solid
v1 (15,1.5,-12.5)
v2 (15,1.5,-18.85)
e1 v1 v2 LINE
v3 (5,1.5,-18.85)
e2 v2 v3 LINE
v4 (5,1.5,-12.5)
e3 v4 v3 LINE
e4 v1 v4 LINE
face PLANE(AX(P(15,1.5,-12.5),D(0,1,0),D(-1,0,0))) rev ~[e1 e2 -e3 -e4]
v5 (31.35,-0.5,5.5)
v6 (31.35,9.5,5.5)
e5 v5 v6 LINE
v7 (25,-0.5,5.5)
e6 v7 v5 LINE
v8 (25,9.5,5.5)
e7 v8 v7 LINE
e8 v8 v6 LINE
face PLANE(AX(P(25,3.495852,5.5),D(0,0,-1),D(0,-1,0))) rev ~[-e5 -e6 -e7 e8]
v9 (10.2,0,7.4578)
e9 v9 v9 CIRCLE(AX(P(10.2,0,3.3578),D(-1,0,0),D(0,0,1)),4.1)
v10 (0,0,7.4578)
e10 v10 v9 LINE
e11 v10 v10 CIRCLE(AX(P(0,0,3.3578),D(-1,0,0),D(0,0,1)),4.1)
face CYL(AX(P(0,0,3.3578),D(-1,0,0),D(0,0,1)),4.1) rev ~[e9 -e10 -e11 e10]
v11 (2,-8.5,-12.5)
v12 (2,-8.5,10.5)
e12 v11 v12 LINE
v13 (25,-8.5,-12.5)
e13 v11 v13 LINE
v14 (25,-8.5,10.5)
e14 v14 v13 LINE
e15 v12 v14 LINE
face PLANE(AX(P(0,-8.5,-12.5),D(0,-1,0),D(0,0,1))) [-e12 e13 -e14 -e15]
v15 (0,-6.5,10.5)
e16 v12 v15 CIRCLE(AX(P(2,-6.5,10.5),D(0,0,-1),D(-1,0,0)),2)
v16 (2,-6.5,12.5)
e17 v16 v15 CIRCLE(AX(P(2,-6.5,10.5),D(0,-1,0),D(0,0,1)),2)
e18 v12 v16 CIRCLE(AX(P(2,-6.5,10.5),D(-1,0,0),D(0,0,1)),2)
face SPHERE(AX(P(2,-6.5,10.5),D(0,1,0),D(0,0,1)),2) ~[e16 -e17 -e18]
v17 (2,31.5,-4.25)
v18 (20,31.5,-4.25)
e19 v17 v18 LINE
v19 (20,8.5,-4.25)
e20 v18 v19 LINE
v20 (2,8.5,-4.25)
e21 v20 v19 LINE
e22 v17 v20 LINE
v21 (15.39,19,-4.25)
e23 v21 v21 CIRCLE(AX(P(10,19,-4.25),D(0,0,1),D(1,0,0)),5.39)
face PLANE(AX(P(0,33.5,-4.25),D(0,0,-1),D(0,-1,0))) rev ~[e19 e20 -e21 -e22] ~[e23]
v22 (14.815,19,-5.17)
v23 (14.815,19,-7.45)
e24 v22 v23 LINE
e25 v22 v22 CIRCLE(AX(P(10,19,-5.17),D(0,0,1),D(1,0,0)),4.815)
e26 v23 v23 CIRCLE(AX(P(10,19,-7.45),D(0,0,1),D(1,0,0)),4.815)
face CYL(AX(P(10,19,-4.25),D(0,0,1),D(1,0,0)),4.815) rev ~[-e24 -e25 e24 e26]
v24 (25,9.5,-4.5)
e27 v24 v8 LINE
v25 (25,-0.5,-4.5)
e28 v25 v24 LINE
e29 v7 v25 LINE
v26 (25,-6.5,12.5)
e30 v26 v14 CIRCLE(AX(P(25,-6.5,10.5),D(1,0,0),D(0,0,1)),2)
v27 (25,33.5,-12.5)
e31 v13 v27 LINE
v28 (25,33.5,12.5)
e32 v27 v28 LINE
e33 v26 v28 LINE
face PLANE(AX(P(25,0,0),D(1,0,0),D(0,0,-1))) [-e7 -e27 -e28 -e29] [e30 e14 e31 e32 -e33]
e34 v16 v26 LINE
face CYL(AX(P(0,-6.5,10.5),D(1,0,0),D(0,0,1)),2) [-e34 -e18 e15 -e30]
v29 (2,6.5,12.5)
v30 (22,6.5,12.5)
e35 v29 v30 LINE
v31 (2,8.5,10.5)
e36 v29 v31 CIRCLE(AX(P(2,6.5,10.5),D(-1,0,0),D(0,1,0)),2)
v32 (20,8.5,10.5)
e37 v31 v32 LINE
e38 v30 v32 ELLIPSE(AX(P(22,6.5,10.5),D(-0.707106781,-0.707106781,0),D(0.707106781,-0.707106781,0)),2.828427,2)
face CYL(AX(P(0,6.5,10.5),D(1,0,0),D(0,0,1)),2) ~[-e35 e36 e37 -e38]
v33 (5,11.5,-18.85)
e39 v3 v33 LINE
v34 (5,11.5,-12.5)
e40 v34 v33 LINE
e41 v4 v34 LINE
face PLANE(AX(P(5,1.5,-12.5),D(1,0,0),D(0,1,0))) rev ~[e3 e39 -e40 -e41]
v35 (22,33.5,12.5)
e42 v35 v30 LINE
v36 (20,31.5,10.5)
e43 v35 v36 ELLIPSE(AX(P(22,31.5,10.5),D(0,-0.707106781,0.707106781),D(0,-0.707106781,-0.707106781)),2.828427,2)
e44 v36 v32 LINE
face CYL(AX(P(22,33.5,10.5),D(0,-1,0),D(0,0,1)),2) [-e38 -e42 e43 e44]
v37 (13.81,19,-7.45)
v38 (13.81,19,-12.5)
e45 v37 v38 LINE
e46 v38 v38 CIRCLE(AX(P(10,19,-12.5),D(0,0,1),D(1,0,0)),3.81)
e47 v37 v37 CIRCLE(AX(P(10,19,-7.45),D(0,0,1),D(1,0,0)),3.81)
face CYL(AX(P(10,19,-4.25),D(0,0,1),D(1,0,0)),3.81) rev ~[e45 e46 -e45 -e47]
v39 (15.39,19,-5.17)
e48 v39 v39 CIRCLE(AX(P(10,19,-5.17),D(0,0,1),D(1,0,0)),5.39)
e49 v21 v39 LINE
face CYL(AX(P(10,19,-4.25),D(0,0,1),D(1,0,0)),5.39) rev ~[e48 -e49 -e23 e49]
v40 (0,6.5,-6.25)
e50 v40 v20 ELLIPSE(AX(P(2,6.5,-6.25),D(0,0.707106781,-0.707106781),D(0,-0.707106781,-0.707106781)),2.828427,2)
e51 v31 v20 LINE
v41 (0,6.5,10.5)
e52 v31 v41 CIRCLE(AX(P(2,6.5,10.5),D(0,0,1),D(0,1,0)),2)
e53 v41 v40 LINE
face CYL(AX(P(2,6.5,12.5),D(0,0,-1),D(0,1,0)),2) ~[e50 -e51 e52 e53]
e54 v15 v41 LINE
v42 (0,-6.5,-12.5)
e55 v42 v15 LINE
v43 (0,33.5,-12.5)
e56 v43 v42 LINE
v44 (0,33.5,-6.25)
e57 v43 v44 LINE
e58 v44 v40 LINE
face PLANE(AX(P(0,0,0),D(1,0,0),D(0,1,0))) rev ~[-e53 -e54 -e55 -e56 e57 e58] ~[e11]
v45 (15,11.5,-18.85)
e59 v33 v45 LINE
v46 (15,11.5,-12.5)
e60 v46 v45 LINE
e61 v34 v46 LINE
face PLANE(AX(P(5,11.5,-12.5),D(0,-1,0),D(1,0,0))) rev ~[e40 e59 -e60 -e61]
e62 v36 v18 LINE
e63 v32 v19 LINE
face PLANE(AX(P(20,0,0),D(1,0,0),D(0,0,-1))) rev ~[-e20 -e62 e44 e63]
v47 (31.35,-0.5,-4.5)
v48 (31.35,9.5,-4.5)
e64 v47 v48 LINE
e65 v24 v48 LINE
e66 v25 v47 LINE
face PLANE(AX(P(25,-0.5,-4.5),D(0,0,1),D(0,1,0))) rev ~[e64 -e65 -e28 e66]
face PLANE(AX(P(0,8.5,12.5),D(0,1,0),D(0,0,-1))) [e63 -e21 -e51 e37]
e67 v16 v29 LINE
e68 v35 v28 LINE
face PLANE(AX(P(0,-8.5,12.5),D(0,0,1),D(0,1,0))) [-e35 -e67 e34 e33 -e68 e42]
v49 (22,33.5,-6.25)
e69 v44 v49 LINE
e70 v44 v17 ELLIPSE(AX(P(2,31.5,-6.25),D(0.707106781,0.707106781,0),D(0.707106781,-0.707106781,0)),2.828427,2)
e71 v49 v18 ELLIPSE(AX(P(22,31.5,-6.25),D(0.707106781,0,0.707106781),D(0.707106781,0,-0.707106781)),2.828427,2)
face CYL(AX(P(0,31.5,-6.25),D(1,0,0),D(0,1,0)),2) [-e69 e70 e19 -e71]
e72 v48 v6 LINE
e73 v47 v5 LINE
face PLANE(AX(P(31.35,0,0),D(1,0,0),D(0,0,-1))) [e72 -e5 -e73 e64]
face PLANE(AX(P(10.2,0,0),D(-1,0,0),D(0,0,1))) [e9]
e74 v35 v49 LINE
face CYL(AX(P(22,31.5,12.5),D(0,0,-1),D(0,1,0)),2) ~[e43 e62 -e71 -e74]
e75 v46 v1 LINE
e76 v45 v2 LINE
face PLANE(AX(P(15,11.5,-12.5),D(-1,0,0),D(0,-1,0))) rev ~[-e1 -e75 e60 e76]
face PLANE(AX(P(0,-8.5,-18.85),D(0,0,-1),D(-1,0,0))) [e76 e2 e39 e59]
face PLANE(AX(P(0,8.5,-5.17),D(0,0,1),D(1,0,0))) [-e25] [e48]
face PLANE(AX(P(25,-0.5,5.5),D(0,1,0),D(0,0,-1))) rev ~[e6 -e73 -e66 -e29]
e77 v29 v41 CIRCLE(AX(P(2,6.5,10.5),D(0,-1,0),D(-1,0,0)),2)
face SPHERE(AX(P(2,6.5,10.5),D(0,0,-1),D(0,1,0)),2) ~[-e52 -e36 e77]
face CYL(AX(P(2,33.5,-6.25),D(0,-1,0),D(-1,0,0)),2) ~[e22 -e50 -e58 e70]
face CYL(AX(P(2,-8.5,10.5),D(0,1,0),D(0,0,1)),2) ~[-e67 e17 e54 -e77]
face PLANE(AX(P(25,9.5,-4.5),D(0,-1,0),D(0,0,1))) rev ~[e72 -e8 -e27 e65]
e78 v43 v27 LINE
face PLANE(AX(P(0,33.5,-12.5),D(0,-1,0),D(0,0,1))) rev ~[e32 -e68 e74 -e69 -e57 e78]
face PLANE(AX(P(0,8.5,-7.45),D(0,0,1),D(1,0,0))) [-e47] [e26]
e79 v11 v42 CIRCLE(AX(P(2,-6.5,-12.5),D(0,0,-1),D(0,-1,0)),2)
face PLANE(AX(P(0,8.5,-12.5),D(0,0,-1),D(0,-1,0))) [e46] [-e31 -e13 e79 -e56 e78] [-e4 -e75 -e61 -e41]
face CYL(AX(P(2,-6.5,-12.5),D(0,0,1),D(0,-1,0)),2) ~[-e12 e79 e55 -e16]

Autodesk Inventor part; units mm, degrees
ref_plane "YZ Plane" through (0, 0, 0) normal (1, 0, 0) x (0, 1, 0)
ref_plane "XZ Plane" through (0, 0, 0) normal (0, 1, 0) x (-1, 0, 0)
ref_plane "XY Plane" through (0, 0, 0) normal (0, 0, 1) x (1, 0, 0)
sketch "Sketch1" plane through (0, 0, 0) normal (1, 0, 0) x (0, 1, 0)
  line L0 (-8.5, 12.5) -> (8.5, 12.5)
  line L1 (8.5, 12.5) -> (8.5, -12.5)
  line L2 (8.5, -12.5) -> (-8.5, -12.5)
  line L3 (-8.5, -12.5) -> (-8.5, 12.5)
  line L4 (-8.5, 12.5) -> (8.5, -12.5) construction
  line L5 (8.5, 12.5) -> (-8.5, -12.5) construction
  line L6 (8.5, -12.5) -> (33.5, -12.5)
  line L7 (8.5, -12.5) -> (33.5, -12.5) construction
  line L8 (33.5, -12.5) -> (33.5, -4.25)
  line L9 (33.5, -4.25) -> (8.5, -4.25)
  line L10 (33.5, -4.25) -> (58.5, -4.25) construction
  point P0 (0, 0)
  dimension "d0" = 17
  dimension "d1" = 25
  dimension "d2" = 25
  dimension "d3" = 0
  dimension "d4" = 8.25
  dimension "d5" = 90
  dimension "d6" = 180
extrude "Extrusion1" add sketch "Sketch1" along normal blind 20
sketch "Sketch2" plane through (0, 8.5, -4.25) normal (0, 0, 1) x (1, 0, 0)
  circle A0 centre (10, 10.5) radius 3.81
  line L0 (0, 25) -> (20, 25) projected
  line L1 (0, -8.5) -> (20, -8.5) construction
  line L2 (20, -17) -> (20, 25) projected
  dimension "d9" = 7.62
  dimension "d32" = 19
extrude "Extrusion2" cut sketch "Sketch2" against normal through all
sketch "Sketch3" plane through (0, 8.5, -4.25) normal (0, 0, 1) x (1, 0, 0)
  circle A0 centre (10, 10.5) radius 3.81 projected
  circle A1 centre (10, 10.5) radius 4.815
  point P0 (0, -8.5)
  dimension "d13" = 9.63
extrude "Extrusion3" cut sketch "Sketch3" against normal blind 3.2
sketch "Sketch4" plane through (0, 8.5, -4.25) normal (0, 0, 1) x (1, 0, 0)
  circle A0 centre (10, 10.5) radius 3.81 projected
  circle A1 centre (10, 10.5) radius 5.39
  point P0 (0, -8.5)
  dimension "d16" = 10.78
extrude "Extrusion4" cut sketch "Sketch4" against normal blind 0.92
sketch "Sketch6" plane through (0, -8.5, -12.5) normal (0, -1, 0) x (1, 0, 0)
  circle A0 centre (10, 12) radius 6.2485
  line L0 (0, 0) -> (20, 0) projected
  line L1 (0, 25) -> (0, 0) projected
  point P0 (0, 12.5)
  dimension "d22" = 12.497
  dimension "d25" = 12
  dimension "d26" = 10
extrude "Extrusion6" [suppressed]
sketch "Sketch9" plane through (0, -8.5, -12.5) normal (0, 0, -1) x (-1, 0, 0)
  line L0 (-5, 20) -> (-15, 20)
  line L1 (-15, 20) -> (-15, 10)
  line L2 (-15, 10) -> (-5, 10)
  line L3 (-5, 10) -> (-5, 20)
  line L4 (0, 0) -> (0, 42) projected
  line L5 (0, 0) -> (-20, 0) projected
  point P0 (0, 8.5)
  dimension "d38" = 10
  dimension "d39" = 10
  dimension "d40" = 5
  dimension "d41" = 10
extrude "Extrusion8" add sketch "Sketch9" along normal blind 6.35
sketch "Sketch12" plane through (20, 0, 0) normal (1, 0, 0) x (0, 0, -1)
  line L0 (12.5, -8.5) -> (12.5, 33.5) projected
  line L1 (12.5, 33.5) -> (4.25, 33.5) projected
  line L2 (4.25, 33.5) -> (4.25, 8.5) projected
  line L3 (4.25, 8.5) -> (-12.5, 8.5) projected
  line L4 (-12.5, 8.5) -> (-12.5, -8.5) projected
  line L5 (-12.5, -8.5) -> (12.5, -8.5) projected
  line L6 (-12.5, -8.5) -> (12.5, -8.5) projected
  line L7 (12.5, -8.5) -> (-12.5, -8.5)
  line L8 (-12.5, -8.5) -> (-12.5, 33.5)
  line L9 (-12.5, 33.5) -> (12.5, 33.5)
  line L10 (12.5, 33.5) -> (12.5, -8.5)
  line L11 (12.5, 33.5) -> (4.25, 33.5) projected
  line L12 (-12.5, 8.5) -> (-12.5, -8.5) projected
  point P0 (0, 0)
extrude "Extrusion10" add sketch "Sketch12" along normal blind 5
sketch "Sketch14" plane through (0, 0, 0) normal (-1, 0, 0) x (0, 0, 1)
  circle A0 centre (3.3578, 0) radius 4.1
  line L0 (-12.5, -8.5) -> (-12.5, 33.5) projected
  line L1 (12.5, -8.5) -> (-12.5, -8.5) projected
  line L2 (12.5, 8.5) -> (12.5, -8.5) projected
  line L3 (-4.25, 8.5) -> (12.5, 8.5) projected
  line L4 (-4.25, 33.5) -> (-4.25, 8.5) projected
  line L5 (-12.5, 33.5) -> (-4.25, 33.5) projected
  point P0 (0, 0)
  dimension "d52" = 8.5
  dimension "d53" = 8.2
extrude "Extrusion11" cut sketch "Sketch14" against normal blind 10.2 contours A0
sketch "Sketch15" plane through (25, 0, 0) normal (1, 0, 0) x (0, 0, -1)
  line L0 (12.5, -8.5) -> (12.5, 33.5) projected
  line L1 (12.5, 33.5) -> (-12.5, 33.5) projected
  line L2 (-12.5, 33.5) -> (-12.5, -8.5) projected
  line L3 (-12.5, -8.5) -> (12.5, -8.5) projected
  circle A0 centre (-3.3578, 0) radius 4.1 projected
  circle A1 centre (-3.3578, 0) radius 4.1 projected
  line L4 (-5.5, -0.5) -> (4.5, -0.5)
  line L5 (4.5, -0.5) -> (4.5, 9.5)
  line L6 (4.5, 9.5) -> (-5.5, 9.5)
  line L7 (-5.5, 9.5) -> (-5.5, -0.5)
  line L8 (-5.5, -0.5) -> (4.5, 9.5) construction
  line L9 (4.5, -0.5) -> (-5.5, 9.5) construction
  point P0 (0, 0)
  point P1 (-0.5, 4.5)
  dimension "d56" = 10
  dimension "d57" = 10
  dimension "d58" = 8
  dimension "d59" = 8
extrude "Extrusion12" add sketch "Sketch15" along normal blind 6.35 contours A0 L4 L7 | A0 L7 L6 L5 L4 picked at (-1.3763, 0.1524)
fillet "Fillet3" radius 2 9 edges at (0, 21, -4.25) (0, 8.5, 4.125) (10, 8.5, 12.5) (0, 0, 12.5) (20, 21, 12.5) (20, 33.5, 4.125) (10, 33.5, -4.25) (12.5, -8.5, 12.5) (0, -8.5, 0)
sketch "Sketch10" plane through (0, 0, 0) normal (-1, 0, 0) x (0, 0, 1)
  line L0 (-12.5, -8.5) -> (-12.5, 33.5) projected
  line L1 (12.5, -8.5) -> (-12.5, -8.5) projected
  line L2 (12.5, 8.5) -> (12.5, -8.5) projected
  line L3 (-4.25, 8.5) -> (12.5, 8.5) projected
  line L4 (-4.25, 33.5) -> (-4.25, 8.5) projected
  line L5 (-12.5, 33.5) -> (-4.25, 33.5) projected
  line L6 (2.5, 6.5) -> (-7.5, 6.5)
  line L7 (-7.5, 6.5) -> (-7.5, -3.5)
  line L8 (-7.5, -3.5) -> (2.5, -3.5)
  line L9 (2.5, -3.5) -> (2.5, 6.5)
  point P0 (0, 0)
  dimension "d44" = 10
  dimension "d45" = 10
  dimension "d46" = 5
  dimension "d47" = 5
sketch "Sketch8" plane through (20, 0, 0) normal (1, 0, 0) x (0, 0, -1)
  circle A0 centre (-2, 0) radius 4.05
  line L0 (4.25, 13.61) -> (4.25, 24.39) projected
  line L1 (4.25, 10.5) -> (4.25, 31.5) projected
  line L2 (4.25, 31.5) -> (4.25, 10.5) projected
  line L3 (7.45, 22.81) -> (7.45, 15.19) projected
  line L4 (12.5, 22.81) -> (12.5, 15.19) projected
  line L5 (7.45, 22.81) -> (7.45, 15.19) projected
  point P0 (0, 0)
  dimension "d34" = 8.1
  dimension "d35" = 6.25
sketch "Sketch5" plane through (20, 0, 0) normal (1, 0, 0) x (0, 0, -1)
  circle A0 centre (0, 0) radius 4.05
  line L0 (27.5, -8.5) -> (27.5, 33.5) projected
  line L1 (27.5, 33.5) -> (19.5, 33.5) projected
  line L2 (19.5, 33.5) -> (19.5, 8.5) projected
  line L3 (19.5, 8.5) -> (-27.5, 8.5) projected
  line L4 (-27.5, 8.5) -> (-27.5, -8.5) projected
  line L5 (-27.5, -8.5) -> (27.5, -8.5) projected
  dimension "d19" = 8.1
  dimension "d33" = 27.5
properties part number "frame-holder-v3"
